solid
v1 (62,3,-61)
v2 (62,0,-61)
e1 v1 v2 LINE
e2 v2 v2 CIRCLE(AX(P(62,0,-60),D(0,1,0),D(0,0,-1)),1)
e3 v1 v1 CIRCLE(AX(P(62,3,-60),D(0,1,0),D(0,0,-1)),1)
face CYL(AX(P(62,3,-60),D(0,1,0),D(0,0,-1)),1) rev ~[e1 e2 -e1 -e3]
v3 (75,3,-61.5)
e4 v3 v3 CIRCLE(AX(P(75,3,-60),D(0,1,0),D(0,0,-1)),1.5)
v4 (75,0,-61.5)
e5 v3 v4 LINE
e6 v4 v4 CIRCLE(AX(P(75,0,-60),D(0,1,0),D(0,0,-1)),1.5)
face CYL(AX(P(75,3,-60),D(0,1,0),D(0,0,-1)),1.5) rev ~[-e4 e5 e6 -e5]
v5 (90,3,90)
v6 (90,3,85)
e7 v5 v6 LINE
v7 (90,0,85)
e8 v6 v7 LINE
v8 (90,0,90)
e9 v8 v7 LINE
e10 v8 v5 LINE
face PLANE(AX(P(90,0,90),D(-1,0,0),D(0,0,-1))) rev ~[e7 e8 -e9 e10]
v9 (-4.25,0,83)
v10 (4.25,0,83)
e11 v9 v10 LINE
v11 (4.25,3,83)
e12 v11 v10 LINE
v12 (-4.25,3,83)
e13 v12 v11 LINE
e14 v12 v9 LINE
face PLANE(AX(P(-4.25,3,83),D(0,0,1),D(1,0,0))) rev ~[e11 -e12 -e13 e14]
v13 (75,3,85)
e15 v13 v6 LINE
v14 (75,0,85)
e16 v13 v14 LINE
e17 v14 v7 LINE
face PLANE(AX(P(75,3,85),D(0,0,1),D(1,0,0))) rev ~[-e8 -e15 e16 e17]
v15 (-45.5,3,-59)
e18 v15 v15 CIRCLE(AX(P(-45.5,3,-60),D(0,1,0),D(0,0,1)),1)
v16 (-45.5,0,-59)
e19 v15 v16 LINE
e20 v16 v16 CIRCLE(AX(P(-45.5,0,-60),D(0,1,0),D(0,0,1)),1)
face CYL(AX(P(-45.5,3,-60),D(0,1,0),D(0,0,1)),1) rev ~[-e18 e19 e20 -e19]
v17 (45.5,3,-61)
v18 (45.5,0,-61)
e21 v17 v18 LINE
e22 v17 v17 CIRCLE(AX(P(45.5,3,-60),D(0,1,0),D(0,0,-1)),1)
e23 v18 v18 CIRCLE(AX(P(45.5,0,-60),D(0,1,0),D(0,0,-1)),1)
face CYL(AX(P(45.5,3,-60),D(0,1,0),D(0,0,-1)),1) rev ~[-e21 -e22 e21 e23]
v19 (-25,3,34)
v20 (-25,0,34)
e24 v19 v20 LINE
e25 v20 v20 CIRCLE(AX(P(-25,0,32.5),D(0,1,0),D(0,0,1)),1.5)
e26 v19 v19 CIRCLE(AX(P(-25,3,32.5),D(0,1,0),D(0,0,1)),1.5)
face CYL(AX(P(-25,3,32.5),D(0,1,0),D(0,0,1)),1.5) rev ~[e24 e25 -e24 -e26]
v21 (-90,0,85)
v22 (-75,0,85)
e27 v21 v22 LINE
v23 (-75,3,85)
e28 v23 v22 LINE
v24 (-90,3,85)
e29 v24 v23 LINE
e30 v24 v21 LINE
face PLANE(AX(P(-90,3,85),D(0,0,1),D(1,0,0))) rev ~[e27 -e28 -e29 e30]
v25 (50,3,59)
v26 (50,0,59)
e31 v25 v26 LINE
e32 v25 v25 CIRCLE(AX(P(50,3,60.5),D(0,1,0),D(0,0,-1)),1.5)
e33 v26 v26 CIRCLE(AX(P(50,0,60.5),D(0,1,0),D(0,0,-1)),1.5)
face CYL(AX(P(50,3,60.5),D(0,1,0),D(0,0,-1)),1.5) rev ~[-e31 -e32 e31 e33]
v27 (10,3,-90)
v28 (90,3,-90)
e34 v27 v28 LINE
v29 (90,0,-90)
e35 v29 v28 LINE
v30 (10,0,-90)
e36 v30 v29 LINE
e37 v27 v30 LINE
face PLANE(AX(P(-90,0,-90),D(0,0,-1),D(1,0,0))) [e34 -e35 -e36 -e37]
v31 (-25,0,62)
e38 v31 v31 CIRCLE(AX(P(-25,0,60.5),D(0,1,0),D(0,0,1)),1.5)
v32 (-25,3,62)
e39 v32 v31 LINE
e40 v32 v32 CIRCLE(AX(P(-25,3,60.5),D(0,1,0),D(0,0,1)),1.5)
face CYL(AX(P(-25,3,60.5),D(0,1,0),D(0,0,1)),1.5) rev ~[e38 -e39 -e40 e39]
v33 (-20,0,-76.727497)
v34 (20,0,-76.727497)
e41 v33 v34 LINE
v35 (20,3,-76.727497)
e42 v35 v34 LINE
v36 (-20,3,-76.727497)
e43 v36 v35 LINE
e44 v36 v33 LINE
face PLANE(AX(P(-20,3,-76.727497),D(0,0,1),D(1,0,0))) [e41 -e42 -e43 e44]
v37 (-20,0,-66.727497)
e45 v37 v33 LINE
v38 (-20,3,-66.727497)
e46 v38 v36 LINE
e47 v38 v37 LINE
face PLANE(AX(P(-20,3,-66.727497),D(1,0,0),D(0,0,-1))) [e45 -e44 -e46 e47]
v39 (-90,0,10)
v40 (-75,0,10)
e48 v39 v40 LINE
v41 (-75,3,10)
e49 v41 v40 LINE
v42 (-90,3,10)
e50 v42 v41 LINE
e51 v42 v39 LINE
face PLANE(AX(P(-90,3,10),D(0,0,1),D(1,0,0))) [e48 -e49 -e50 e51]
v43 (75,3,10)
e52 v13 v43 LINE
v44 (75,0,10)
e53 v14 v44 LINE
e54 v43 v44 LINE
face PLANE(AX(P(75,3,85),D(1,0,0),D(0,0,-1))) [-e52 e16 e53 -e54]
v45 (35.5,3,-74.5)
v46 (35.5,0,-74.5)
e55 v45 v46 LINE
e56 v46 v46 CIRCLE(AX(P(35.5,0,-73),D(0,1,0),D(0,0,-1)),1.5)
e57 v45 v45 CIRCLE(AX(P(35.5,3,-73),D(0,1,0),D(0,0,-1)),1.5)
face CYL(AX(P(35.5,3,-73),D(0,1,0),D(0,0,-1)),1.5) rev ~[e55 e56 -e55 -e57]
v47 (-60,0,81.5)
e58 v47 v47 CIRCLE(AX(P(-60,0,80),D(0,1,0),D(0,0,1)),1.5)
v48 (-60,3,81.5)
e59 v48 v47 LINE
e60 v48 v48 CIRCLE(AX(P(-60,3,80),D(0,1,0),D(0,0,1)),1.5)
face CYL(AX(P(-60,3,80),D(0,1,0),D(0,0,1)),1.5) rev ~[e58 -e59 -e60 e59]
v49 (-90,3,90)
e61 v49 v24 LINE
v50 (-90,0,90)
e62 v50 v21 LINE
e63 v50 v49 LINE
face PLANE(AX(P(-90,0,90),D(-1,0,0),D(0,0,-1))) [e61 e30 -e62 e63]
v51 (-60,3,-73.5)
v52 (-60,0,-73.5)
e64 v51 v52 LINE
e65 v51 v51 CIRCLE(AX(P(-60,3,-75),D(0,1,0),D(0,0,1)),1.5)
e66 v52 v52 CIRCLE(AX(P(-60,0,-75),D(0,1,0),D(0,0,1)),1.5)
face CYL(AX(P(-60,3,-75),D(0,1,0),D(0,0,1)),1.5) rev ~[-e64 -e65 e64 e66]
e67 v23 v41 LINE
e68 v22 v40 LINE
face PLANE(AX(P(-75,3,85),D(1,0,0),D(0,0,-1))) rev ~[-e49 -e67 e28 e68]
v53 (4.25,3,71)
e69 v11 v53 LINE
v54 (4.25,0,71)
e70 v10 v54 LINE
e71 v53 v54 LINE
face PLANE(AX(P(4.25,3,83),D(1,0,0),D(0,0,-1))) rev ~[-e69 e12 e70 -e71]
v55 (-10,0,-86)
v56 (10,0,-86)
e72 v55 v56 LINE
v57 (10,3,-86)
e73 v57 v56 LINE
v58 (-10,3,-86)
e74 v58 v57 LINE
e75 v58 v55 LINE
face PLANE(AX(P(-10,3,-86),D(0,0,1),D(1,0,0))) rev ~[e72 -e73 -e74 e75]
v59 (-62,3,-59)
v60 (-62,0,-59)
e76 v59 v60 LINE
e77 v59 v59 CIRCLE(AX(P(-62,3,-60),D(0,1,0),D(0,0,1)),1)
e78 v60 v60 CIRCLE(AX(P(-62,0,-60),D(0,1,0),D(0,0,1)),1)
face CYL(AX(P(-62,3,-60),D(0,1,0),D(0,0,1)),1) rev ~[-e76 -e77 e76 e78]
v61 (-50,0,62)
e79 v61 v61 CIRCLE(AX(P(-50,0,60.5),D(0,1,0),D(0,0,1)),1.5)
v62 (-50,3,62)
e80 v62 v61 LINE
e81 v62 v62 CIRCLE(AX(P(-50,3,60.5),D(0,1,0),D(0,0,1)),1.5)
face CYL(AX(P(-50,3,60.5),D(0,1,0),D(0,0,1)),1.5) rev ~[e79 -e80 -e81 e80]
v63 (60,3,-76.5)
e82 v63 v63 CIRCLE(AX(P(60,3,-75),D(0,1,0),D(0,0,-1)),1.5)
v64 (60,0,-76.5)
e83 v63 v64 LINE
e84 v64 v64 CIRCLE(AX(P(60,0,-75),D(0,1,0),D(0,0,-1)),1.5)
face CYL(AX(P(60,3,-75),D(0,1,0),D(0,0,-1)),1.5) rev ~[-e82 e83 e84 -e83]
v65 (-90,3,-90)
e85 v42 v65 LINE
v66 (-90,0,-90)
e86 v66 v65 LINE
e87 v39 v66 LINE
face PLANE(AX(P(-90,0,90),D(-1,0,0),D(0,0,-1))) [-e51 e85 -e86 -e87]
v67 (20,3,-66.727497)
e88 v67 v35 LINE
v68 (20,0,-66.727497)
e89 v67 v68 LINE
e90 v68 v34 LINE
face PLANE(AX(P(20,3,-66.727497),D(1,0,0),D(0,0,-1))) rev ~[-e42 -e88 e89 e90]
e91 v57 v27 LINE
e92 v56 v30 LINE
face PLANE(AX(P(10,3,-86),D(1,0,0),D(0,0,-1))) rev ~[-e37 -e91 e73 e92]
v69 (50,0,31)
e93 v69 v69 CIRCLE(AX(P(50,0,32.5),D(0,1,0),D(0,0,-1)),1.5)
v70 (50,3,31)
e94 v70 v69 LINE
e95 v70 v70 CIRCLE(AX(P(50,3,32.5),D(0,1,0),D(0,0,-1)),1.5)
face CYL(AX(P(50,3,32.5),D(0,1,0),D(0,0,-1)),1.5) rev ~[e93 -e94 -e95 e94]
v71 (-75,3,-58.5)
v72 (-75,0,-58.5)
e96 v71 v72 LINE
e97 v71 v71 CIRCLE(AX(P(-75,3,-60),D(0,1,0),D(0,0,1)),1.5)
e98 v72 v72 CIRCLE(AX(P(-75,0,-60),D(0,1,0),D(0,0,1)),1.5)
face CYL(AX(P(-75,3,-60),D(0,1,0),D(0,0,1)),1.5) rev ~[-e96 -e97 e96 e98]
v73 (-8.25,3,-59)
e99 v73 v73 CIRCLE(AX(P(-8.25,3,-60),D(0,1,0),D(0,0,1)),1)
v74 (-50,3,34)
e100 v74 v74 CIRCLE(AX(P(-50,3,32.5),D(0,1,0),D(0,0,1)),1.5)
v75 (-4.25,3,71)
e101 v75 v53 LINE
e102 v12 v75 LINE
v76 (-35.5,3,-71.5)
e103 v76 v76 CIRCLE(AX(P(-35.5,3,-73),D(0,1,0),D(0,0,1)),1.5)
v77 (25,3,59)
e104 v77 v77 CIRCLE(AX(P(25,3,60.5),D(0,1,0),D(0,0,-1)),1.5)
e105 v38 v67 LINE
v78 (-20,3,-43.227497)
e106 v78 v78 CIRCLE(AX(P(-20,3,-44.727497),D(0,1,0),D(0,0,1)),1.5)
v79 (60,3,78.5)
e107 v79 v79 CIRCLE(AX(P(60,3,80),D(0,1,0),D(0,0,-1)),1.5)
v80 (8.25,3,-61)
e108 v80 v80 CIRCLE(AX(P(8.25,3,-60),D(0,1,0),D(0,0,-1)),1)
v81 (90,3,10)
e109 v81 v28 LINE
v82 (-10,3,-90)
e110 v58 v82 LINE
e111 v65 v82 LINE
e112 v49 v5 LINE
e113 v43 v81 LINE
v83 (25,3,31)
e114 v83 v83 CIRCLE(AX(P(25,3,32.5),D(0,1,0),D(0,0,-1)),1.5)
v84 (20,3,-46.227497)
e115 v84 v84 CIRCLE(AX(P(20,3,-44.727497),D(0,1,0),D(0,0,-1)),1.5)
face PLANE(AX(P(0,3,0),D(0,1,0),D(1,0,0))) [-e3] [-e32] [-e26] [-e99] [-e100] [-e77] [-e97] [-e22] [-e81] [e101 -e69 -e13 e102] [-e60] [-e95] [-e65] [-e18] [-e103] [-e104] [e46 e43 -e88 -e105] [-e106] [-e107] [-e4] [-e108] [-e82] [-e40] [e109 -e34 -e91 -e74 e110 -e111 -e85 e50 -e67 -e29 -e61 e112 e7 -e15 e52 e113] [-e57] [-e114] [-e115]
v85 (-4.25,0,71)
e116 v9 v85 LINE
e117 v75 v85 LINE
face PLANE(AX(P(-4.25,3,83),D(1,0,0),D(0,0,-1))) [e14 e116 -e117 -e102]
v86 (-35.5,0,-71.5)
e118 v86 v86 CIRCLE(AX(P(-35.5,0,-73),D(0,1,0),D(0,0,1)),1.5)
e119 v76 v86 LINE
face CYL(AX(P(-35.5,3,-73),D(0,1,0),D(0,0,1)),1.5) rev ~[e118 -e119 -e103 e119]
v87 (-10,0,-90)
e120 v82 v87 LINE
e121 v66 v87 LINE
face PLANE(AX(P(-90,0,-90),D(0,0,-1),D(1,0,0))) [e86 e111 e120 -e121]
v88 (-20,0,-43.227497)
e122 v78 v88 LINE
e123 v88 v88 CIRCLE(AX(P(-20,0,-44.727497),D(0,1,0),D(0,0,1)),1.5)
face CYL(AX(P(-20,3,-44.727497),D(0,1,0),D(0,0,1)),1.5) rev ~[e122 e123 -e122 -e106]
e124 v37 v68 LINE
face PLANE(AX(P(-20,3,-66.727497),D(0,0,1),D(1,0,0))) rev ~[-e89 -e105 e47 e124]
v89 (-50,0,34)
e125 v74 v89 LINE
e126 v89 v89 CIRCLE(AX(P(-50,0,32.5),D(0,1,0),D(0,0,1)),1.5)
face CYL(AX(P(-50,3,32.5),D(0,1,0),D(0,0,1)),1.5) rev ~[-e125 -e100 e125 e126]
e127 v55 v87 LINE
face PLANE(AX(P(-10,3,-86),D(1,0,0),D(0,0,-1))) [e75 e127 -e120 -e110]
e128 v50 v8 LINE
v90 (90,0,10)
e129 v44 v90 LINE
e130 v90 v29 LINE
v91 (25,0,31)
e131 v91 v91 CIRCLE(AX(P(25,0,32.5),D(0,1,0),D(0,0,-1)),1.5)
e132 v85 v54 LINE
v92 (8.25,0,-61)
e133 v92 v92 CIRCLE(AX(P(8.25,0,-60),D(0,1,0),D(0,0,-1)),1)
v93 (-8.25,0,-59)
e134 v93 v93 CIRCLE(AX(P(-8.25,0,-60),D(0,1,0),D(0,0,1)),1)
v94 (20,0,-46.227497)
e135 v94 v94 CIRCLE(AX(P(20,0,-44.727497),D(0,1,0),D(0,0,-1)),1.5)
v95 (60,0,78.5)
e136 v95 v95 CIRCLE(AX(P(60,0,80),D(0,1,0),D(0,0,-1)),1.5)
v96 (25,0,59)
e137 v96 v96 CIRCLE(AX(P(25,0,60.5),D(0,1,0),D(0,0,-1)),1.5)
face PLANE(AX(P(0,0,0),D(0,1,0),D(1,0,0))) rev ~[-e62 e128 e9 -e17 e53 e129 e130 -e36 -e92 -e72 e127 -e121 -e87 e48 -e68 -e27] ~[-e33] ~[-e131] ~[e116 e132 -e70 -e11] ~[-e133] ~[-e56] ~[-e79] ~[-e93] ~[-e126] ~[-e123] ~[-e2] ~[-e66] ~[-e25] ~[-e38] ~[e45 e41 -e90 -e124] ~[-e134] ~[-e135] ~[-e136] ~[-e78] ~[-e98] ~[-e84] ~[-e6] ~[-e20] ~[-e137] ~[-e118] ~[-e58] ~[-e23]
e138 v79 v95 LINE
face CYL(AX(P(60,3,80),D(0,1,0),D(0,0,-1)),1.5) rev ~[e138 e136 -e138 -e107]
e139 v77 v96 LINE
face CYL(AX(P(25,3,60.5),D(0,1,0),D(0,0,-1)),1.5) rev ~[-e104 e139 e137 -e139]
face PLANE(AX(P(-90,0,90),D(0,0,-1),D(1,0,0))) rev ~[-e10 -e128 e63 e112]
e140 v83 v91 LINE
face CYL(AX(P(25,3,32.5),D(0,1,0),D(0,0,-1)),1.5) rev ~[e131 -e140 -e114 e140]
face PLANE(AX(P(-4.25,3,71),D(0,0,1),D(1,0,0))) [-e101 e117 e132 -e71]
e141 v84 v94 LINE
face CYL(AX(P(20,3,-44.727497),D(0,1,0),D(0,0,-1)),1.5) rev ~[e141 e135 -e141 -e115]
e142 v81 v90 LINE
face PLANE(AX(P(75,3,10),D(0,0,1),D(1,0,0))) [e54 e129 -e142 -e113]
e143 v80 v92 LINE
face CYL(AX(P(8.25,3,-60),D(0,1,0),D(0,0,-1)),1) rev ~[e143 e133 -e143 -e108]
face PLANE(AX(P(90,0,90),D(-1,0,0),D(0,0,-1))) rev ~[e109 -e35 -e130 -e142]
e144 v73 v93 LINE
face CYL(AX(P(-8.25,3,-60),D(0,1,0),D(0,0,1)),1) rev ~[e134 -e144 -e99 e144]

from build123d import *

# Parameters (mm, degrees)
SKETCH1_W           = 180
SKETCH1_H           = 180
BOSS_EXTRUDE1_DEPTH = 3
SKETCH2_W           = 15
SKETCH2_H           = 75
CUT_EXTRUDE1_DEPTH  = 3
SKETCH3_R           = 1.5
SKETCH3_R_2         = 1
SKETCH3_W           = 40
SKETCH3_H           = 10
CUT_EXTRUDE2_DEPTH  = 3
SKETCH5_R           = 1.5
CUT_EXTRUDE3_DEPTH  = 3
SKETCH7_W           = 20
SKETCH7_H           = 4
CUT_EXTRUDE4_DEPTH  = 3
SKETCH8_W           = 8.5
SKETCH8_H           = 12
CUT_EXTRUDE5_DEPTH  = 3


with BuildPart() as part:
    # Sketch1 → Boss-Extrude1 (new body)
    with BuildSketch(Plane(origin=(0, 0, 0), x_dir=(1, 0, 0), z_dir=(0, 1, 0))):
        Rectangle(SKETCH1_W, SKETCH1_H)
    extrude(amount=BOSS_EXTRUDE1_DEPTH)

    # Sketch2 → Cut-Extrude1 (cut)
    with BuildSketch(Plane(origin=(0, 3, 0), x_dir=(1, 0, 0), z_dir=(0, 1, 0))):
        with Locations((-82.5, -47.5)):
            Rectangle(SKETCH2_W, SKETCH2_H)
        with Locations((82.5, -47.5)):
            Rectangle(SKETCH2_W, SKETCH2_H)
    extrude(amount=-CUT_EXTRUDE1_DEPTH, mode=Mode.SUBTRACT)

    # Sketch3 → Cut-Extrude2 (cut)
    with BuildSketch(Plane(origin=(0, 3, 0), x_dir=(1, 0, 0), z_dir=(0, 1, 0))):
        with Locations(Location((-50, -32.5, 0), (0, 0, 270))):
            Circle(SKETCH3_R)
        with Locations(Location((-50, -60.5, 0), (0, 0, 270))):
            Circle(SKETCH3_R)
        with Locations(Location((-25, -32.5, 0), (0, 0, 270))):
            Circle(SKETCH3_R)
        with Locations(Location((-25, -60.5, 0), (0, 0, 270))):
            Circle(SKETCH3_R)
        with Locations(Location((25, -60.5, 0), (0, 0, 90))):
            Circle(SKETCH3_R)
        with Locations(Location((50, -60.5, 0), (0, 0, 90))):
            Circle(SKETCH3_R)
        with Locations(Location((25, -32.5, 0), (0, 0, 90))):
            Circle(SKETCH3_R)
        with Locations(Location((50, -32.5, 0), (0, 0, 90))):
            Circle(SKETCH3_R)
        with Locations(Location((-60, -80, 0), (0, 0, 270))):
            Circle(SKETCH3_R)
        with Locations(Location((60, -80, 0), (0, 0, 90))):
            Circle(SKETCH3_R)
        with Locations(Location((-62, 60, 0), (0, 0, 270))):
            Circle(SKETCH3_R_2)
        with Locations(Location((-45.5, 60, 0), (0, 0, 270))):
            Circle(SKETCH3_R_2)
        with Locations(Location((45.5, 60, 0), (0, 0, 90))):
            Circle(SKETCH3_R_2)
        with Locations(Location((62, 60, 0), (0, 0, 90))):
            Circle(SKETCH3_R_2)
        with Locations(Location((-60, 75, 0), (0, 0, 270))):
            Circle(SKETCH3_R)
        with Locations(Location((60, 75, 0), (0, 0, 90))):
            Circle(SKETCH3_R)
        with Locations(Location((-8.25, 60, 0), (0, 0, 270))):
            Circle(SKETCH3_R_2)
        with Locations(Location((8.25, 60, 0), (0, 0, 90))):
            Circle(SKETCH3_R_2)
        with Locations(Location((-20, 44.727497325, 0), (0, 0, 270))):
            Circle(SKETCH3_R)
        with Locations(Location((20, 44.727497325, 0), (0, 0, 90))):
            Circle(SKETCH3_R)
        with Locations((0, 71.727497325)):
            Rectangle(SKETCH3_W, SKETCH3_H)
    extrude(amount=-CUT_EXTRUDE2_DEPTH, mode=Mode.SUBTRACT)

    # Sketch5 → Cut-Extrude3 (cut)
    with BuildSketch(Plane(origin=(0, 3, 0), x_dir=(1, 0, 0), z_dir=(0, 1, 0))):
        with Locations(Location((-75, 60, 0), (0, 0, 270))):
            Circle(SKETCH5_R)
        with Locations(Location((75, 60, 0), (0, 0, 90))):
            Circle(SKETCH5_R)
        with Locations(Location((-35.5, 73, 0), (0, 0, 270))):
            Circle(SKETCH5_R)
        with Locations(Location((35.5, 73, 0), (0, 0, 90))):
            Circle(SKETCH5_R)
    extrude(amount=-CUT_EXTRUDE3_DEPTH, mode=Mode.SUBTRACT)

    # Sketch7 → Cut-Extrude4 (cut)
    with BuildSketch(Plane(origin=(0, 3, 0), x_dir=(1, 0, 0), z_dir=(0, 1, 0))):
        with Locations((0, 88)):
            Rectangle(SKETCH7_W, SKETCH7_H)
    extrude(amount=-CUT_EXTRUDE4_DEPTH, mode=Mode.SUBTRACT)

    # Sketch8 → Cut-Extrude5 (cut)
    with BuildSketch(Plane(origin=(0, 3, 0), x_dir=(1, 0, 0), z_dir=(0, 1, 0))):
        with Locations((0, -77)):
            Rectangle(SKETCH8_W, SKETCH8_H)
    extrude(amount=-CUT_EXTRUDE5_DEPTH, mode=Mode.SUBTRACT)


solid = part.part
